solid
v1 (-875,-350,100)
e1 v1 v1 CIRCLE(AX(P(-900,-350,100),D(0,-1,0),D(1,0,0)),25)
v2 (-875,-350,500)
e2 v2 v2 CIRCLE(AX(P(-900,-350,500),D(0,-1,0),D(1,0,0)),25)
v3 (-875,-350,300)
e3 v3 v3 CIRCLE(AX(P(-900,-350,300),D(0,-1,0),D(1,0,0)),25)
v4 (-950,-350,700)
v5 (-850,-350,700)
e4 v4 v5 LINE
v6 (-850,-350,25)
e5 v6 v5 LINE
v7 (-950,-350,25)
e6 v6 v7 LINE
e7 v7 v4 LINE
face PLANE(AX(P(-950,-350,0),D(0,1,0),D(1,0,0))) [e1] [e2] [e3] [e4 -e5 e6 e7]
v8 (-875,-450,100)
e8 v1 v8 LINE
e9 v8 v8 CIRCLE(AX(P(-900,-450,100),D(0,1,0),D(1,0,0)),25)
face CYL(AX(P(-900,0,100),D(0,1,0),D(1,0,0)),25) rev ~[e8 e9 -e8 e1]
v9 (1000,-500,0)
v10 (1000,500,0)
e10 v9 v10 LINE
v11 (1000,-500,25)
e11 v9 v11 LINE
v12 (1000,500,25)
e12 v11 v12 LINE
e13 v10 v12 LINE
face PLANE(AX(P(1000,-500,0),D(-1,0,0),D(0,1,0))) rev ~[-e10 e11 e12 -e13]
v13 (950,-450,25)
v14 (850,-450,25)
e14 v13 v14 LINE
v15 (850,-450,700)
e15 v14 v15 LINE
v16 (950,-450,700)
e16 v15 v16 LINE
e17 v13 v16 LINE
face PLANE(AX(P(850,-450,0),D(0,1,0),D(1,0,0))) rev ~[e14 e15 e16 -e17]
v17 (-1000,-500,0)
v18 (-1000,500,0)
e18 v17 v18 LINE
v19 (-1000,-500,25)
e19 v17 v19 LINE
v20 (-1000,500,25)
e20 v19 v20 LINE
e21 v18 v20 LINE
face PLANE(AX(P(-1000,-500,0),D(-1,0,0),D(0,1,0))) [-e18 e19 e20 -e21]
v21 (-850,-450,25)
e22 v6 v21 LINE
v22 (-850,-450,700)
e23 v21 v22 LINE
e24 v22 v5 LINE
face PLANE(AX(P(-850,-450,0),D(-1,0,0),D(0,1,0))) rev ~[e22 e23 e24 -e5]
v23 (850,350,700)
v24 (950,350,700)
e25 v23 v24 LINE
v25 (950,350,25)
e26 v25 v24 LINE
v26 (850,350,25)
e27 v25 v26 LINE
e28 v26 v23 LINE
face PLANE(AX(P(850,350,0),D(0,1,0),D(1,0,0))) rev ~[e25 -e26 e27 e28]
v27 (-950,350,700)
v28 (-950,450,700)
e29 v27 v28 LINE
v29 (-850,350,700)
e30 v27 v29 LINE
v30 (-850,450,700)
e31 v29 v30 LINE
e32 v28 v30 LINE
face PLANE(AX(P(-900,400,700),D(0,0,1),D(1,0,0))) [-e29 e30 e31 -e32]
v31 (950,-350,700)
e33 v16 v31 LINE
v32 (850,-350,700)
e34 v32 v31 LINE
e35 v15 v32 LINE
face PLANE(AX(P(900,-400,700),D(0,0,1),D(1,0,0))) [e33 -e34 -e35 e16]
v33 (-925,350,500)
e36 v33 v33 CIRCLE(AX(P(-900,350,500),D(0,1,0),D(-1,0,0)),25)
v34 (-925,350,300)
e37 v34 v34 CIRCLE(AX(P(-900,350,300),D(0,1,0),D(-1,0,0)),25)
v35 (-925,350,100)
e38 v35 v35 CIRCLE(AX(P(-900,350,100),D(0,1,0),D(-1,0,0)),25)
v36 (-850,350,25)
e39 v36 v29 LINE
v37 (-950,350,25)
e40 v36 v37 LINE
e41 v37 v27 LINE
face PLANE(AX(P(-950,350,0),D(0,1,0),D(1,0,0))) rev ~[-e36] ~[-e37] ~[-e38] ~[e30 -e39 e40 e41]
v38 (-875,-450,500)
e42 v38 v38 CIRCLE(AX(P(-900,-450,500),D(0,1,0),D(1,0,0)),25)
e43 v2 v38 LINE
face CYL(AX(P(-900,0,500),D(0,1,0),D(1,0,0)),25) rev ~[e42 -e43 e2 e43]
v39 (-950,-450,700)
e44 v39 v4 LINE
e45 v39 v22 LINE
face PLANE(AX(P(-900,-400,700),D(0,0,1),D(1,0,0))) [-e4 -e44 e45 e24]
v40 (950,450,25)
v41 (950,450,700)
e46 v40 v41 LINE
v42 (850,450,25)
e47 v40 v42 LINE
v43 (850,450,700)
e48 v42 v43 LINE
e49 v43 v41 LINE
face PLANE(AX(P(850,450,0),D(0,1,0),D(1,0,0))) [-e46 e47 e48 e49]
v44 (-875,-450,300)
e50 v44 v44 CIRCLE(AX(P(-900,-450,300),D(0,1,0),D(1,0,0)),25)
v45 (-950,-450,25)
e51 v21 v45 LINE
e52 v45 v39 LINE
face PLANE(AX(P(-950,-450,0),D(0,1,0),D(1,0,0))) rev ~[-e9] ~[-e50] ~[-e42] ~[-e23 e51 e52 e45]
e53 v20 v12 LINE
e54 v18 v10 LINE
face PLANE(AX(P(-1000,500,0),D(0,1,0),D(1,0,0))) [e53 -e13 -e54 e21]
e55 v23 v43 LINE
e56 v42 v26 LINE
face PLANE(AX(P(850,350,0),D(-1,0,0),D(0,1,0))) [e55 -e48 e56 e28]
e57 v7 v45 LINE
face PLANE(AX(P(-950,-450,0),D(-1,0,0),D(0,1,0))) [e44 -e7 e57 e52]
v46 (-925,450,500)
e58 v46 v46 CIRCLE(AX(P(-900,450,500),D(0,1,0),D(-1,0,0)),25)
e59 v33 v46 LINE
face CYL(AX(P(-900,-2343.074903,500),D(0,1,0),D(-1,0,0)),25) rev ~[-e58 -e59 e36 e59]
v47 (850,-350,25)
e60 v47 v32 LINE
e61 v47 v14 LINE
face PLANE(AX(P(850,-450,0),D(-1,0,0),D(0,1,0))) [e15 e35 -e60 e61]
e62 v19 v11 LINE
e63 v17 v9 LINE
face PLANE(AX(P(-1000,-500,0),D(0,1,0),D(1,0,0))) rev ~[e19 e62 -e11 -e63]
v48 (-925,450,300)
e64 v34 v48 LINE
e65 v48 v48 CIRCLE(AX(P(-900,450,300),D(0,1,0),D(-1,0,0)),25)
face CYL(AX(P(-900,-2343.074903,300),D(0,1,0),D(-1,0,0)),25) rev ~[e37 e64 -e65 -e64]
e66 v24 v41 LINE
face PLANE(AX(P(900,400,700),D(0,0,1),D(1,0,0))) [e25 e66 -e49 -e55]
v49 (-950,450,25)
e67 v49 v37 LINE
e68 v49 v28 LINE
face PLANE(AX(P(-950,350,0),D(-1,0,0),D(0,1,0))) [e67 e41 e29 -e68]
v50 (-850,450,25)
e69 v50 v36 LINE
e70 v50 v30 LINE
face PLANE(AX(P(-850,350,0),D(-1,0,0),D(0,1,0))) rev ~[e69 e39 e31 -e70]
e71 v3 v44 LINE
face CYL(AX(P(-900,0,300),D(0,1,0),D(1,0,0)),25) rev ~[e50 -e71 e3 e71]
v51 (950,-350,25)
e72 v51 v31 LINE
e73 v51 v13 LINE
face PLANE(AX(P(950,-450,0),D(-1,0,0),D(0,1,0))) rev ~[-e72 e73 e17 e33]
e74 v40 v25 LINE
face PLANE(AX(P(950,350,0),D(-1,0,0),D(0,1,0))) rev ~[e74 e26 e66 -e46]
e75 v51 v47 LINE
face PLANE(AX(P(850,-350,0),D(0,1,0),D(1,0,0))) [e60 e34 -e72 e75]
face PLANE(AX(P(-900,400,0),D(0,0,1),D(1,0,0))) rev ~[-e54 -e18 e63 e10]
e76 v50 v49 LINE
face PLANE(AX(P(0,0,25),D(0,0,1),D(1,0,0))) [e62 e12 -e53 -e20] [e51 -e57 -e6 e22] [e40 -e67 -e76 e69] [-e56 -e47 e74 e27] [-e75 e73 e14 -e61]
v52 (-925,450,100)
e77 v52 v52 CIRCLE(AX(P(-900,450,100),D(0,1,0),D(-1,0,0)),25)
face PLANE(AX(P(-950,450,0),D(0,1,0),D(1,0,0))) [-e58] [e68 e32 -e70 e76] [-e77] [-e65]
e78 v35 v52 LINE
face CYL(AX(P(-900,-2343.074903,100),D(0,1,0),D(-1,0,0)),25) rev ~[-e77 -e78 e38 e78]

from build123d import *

# Parameters (mm, degrees)
F0_W     = 2000
F0_H     = 1000
F1_DEPTH = 25
F2_W     = 100
F2_H     = 100
F3_DEPTH = 700
F5_D     = 50
F5_DEPTH = 500.001
F6_D     = 50


with BuildPart() as f1:
    # F0 (on Top) → F1 (new body)
    with BuildSketch(Plane.XY):
        Rectangle(F0_W, F0_H)
    extrude(amount=F1_DEPTH)

    # F2 (on Top) → F3 (join)
    with BuildSketch(Plane.XY):
        with Locations((-900, 400)):
            Rectangle(F2_W, F2_H)
        with Locations((-900, -400)):
            Rectangle(F2_W, F2_H)
        with Locations((900, 400)):
            Rectangle(F2_W, F2_H)
        with Locations((900, -400)):
            Rectangle(F2_W, F2_H)
    extrude(amount=F3_DEPTH)

    # F5 (through all, one way)
    with BuildSketch(Plane(origin=(0, 0, 0), x_dir=(1, 0, 0), z_dir=(0, 1, 0))):
        with Locations((-900, -500), (-900, -300), (-900, -100)):
            Circle(F5_D / 2)
    extrude(amount=-F5_DEPTH, mode=Mode.SUBTRACT)

    # F6 (through all)
    with Locations(Plane.XZ):
        with Locations((-900, 300), (-900, 500), (-900, 100)):
            Hole(F6_D / 2)


solid = f1.part
